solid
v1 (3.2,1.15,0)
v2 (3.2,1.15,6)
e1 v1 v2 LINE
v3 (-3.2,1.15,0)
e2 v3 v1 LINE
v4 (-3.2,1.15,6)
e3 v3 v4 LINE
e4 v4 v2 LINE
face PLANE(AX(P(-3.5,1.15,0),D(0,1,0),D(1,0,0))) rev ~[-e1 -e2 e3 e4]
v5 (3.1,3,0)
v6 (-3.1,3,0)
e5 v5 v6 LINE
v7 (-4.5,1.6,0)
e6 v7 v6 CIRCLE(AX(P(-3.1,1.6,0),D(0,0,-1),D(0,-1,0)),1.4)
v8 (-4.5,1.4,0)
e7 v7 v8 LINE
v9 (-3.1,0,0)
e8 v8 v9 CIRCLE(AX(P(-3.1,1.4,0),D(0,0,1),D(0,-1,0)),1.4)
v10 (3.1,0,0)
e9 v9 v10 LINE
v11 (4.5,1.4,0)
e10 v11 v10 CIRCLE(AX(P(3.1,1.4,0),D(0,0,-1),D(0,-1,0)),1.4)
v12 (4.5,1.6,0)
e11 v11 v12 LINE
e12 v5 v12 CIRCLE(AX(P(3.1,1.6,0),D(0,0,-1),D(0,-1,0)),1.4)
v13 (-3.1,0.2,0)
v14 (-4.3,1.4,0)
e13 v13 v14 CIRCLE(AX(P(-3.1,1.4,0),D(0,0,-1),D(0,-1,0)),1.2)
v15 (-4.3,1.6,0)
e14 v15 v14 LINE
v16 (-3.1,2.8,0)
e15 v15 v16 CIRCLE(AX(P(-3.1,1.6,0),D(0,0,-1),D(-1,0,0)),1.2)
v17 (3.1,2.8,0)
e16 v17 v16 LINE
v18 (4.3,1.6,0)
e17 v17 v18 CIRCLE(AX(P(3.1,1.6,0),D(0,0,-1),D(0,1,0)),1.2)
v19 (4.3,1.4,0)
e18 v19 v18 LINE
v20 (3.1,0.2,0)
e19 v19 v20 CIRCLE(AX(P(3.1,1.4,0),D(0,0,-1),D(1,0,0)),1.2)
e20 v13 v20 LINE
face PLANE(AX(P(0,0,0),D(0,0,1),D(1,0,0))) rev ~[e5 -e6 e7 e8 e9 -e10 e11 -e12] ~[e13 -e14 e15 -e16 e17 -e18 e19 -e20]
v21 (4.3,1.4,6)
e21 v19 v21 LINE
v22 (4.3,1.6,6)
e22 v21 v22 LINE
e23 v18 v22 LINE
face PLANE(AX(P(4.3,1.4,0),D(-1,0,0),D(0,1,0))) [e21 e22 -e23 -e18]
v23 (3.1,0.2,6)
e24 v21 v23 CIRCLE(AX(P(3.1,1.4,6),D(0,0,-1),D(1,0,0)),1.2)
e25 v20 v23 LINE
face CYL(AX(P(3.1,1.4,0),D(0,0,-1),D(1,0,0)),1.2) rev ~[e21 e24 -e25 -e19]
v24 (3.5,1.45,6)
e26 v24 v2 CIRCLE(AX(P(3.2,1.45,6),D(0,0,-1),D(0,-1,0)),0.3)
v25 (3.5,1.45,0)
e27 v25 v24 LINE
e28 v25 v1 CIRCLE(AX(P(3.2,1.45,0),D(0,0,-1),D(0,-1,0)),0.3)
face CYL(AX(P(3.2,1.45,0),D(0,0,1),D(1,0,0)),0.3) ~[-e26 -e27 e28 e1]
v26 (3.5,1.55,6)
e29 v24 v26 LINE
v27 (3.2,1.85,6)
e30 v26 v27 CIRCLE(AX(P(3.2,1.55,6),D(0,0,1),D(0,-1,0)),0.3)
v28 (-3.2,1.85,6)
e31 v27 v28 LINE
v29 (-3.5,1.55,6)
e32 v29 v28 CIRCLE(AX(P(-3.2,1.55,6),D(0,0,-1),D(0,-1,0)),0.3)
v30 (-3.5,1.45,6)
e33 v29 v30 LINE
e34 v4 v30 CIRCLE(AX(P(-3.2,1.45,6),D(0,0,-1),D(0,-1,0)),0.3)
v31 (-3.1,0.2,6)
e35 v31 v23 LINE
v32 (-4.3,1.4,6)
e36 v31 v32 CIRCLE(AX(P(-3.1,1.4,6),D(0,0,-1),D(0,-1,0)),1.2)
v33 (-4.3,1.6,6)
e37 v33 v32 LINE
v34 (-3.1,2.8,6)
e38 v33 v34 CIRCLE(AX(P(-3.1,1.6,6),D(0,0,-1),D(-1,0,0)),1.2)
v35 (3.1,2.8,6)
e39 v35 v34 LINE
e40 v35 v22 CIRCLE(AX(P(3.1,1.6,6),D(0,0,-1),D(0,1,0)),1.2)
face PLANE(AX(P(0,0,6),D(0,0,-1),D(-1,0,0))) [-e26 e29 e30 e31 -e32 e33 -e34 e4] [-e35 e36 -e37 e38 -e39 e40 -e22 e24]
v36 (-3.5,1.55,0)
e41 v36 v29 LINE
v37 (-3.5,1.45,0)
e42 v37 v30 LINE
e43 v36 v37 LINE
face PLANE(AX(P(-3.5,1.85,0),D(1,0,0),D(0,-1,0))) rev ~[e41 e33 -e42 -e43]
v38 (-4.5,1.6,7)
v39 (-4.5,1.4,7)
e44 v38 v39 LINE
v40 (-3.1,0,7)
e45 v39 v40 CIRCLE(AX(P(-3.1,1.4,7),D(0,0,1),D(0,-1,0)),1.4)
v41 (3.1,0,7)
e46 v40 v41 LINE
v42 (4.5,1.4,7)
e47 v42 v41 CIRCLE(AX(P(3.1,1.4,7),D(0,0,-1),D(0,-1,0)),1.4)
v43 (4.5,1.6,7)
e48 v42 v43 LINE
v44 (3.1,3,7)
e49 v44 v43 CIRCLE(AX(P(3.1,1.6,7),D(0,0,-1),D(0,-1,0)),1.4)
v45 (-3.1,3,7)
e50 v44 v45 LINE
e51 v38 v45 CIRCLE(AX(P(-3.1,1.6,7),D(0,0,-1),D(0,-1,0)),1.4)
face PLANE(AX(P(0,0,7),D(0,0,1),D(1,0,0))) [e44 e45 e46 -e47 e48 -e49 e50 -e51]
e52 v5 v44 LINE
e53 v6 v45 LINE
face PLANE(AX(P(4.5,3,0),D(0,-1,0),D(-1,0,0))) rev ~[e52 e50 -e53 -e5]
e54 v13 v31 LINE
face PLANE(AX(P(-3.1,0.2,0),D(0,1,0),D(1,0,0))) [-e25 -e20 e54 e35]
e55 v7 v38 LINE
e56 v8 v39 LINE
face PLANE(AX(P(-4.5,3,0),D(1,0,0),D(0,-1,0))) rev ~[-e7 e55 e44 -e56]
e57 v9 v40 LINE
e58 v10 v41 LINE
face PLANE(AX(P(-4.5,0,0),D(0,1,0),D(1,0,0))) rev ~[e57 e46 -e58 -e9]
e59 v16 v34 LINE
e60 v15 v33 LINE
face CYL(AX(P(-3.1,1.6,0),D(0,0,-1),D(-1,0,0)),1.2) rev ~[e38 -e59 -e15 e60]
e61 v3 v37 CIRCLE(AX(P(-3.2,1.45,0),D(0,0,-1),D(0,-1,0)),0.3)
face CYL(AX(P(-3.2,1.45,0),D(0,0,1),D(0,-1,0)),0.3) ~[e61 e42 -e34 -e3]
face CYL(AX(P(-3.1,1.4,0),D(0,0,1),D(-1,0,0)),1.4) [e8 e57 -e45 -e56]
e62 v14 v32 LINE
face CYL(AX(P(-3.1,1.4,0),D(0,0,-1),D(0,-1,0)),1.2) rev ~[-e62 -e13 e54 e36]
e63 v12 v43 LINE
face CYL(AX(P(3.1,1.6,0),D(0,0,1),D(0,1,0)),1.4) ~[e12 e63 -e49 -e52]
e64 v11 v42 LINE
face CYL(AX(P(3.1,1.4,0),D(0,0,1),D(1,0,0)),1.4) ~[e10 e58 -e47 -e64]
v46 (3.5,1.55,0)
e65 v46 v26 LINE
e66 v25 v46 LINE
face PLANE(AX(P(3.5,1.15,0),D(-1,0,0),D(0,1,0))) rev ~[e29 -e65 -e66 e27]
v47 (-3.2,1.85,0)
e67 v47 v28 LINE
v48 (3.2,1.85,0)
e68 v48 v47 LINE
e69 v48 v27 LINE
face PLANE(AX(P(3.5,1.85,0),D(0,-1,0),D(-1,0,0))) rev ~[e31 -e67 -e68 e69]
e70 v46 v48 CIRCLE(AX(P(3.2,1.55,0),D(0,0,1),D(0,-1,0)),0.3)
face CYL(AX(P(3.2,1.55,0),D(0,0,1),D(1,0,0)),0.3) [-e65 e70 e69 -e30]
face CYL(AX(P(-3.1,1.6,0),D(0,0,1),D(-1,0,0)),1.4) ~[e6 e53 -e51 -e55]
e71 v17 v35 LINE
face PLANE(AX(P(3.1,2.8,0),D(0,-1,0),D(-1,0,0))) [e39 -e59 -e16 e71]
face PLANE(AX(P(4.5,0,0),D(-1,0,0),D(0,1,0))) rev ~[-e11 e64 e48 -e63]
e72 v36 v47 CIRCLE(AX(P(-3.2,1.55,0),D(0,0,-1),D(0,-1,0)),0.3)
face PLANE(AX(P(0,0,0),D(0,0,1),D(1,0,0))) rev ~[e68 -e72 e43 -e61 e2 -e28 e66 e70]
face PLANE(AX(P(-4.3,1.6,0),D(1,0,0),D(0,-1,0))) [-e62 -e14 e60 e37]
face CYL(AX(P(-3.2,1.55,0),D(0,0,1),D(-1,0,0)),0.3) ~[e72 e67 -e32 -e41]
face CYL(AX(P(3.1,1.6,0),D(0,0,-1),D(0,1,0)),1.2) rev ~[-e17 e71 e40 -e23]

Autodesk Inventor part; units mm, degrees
ref_plane "YZ Plane" through (0, 0, 0) normal (1, 0, 0) x (0, 1, 0)
ref_plane "XZ Plane" through (0, 0, 0) normal (0, 1, 0) x (-1, 0, 0)
ref_plane "XY Plane" through (0, 0, 0) normal (0, 0, 1) x (1, 0, 0)
sketch "Sketch1" plane through (0, 0, 0) normal (0, 0, 1) x (1, 0, 0)
  line L0 (-4.5, 0) -> (4.5, 0)
  line L1 (4.5, 0) -> (4.5, 3)
  line L2 (4.5, 3) -> (-4.5, 3)
  line L3 (-4.5, 3) -> (-4.5, 0)
  line L4 (-4.5, 0) -> (4.5, 3) construction
  line L5 (4.5, 0) -> (-4.5, 3) construction
  point P0 (0, 0)
  point P1 (0, 0)
  dimension "d0" = 9
  dimension "d1" = 3
extrude "Extrusion1" add sketch "Sketch1" along normal blind 7
fillet "Fillet1" radius 1.4 4 edges at (4.5, 3, 3.5) (-4.5, 3, 3.5) (-4.5, 0, 3.5) (4.5, 0, 3.5)
sketch "Sketch2" plane through (0, 0, 0) normal (0, 0, -1) x (-1, 0, 0)
  arc A0 (-4.5, 1.4) -> (-3.1, 0) centre (-3.1, 1.4) ccw projected
  line L0 (3.1, 0) -> (-3.1, 0) projected
  arc A1 (3.1, 0) -> (4.5, 1.4) centre (3.1, 1.4) ccw projected
  line L1 (4.5, 1.6) -> (4.5, 1.4) projected
  arc A2 (4.5, 1.6) -> (3.1, 3) centre (3.1, 1.6) ccw projected
  line L2 (-3.1, 3) -> (3.1, 3) projected
  arc A3 (-3.1, 3) -> (-4.5, 1.6) centre (-3.1, 1.6) ccw projected
  line L3 (-4.5, 1.4) -> (-4.5, 1.6) projected
  arc A4 (4.3, 1.6) -> (3.1, 2.8) centre (3.1, 1.6) ccw
  line L4 (4.3, 1.6) -> (4.3, 1.4)
  arc A5 (3.1, 0.2) -> (4.3, 1.4) centre (3.1, 1.4) ccw
  line L5 (3.1, 0.2) -> (-3.1, 0.2)
  arc A6 (-4.3, 1.4) -> (-3.1, 0.2) centre (-3.1, 1.4) ccw
  line L6 (-4.3, 1.4) -> (-4.3, 1.6)
  arc A7 (-3.1, 2.8) -> (-4.3, 1.6) centre (-3.1, 1.6) ccw
  line L7 (-3.1, 2.8) -> (3.1, 2.8)
  line L8 (-3.5, 1.85) -> (3.5, 1.85)
  line L9 (3.5, 1.85) -> (3.5, 1.15)
  line L10 (3.5, 1.15) -> (-3.5, 1.15)
  line L11 (-3.5, 1.15) -> (-3.5, 1.85)
  line L12 (-3.5, 1.85) -> (3.5, 1.15) construction
  line L13 (3.5, 1.85) -> (-3.5, 1.15) construction
  point P0 (0, 0)
  point P1 (0, 1.5)
  point P2 (4.5, 1.5)
  point P3 (0, 0)
  dimension "d5" = 0.2
  dimension "d6" = 7
  dimension "d7" = 0.7
extrude "Extrusion2" cut sketch "Sketch2" against normal blind 6 contours L4 A5 L5 A6 L6 A7 L7 A4
fillet "Fillet2" radius 0.3 4 edges at (3.5, 1.15, 3) (3.5, 1.85, 3) (-3.5, 1.15, 3) (-3.5, 1.85, 3)
sketch "Sketch3" plane through (0, 0, 0) normal (0, 0, -1) x (-1, 0, 0)
  arc A0 (3.5, 1.55) -> (3.2, 1.85) centre (3.2, 1.55) ccw projected
  line L0 (3.2, 1.85) -> (-3.2, 1.85) projected
  arc A1 (-3.2, 1.85) -> (-3.5, 1.55) centre (-3.2, 1.55) ccw projected
  line L1 (-3.5, 1.55) -> (-3.5, 1.45) projected
  arc A2 (-3.5, 1.45) -> (-3.2, 1.15) centre (-3.2, 1.45) ccw projected
  line L2 (-3.2, 1.15) -> (3.2, 1.15) projected
  arc A3 (3.2, 1.15) -> (3.5, 1.45) centre (3.2, 1.45) ccw projected
  line L3 (3.5, 1.45) -> (3.5, 1.55) projected
  arc A4 (-4.5, 1.4) -> (-3.1, 0) centre (-3.1, 1.4) ccw projected
  line L4 (3.1, 0) -> (-3.1, 0) projected
  arc A5 (3.1, 0) -> (4.5, 1.4) centre (3.1, 1.4) ccw projected
  line L5 (4.5, 1.6) -> (4.5, 1.4) projected
  arc A6 (4.5, 1.6) -> (3.1, 3) centre (3.1, 1.6) ccw projected
  line L6 (-3.1, 3) -> (3.1, 3) projected
  arc A7 (-3.1, 3) -> (-4.5, 1.6) centre (-3.1, 1.6) ccw projected
  line L7 (-4.5, 1.4) -> (-4.5, 1.6) projected
  arc A8 (4.3, 1.6) -> (3.1, 2.8) centre (3.1, 1.6) ccw projected
  line L8 (4.3, 1.6) -> (4.3, 1.4) projected
  arc A9 (3.1, 0.2) -> (4.3, 1.4) centre (3.1, 1.4) ccw projected
  line L9 (3.1, 0.2) -> (-3.1, 0.2) projected
  arc A10 (-4.3, 1.4) -> (-3.1, 0.2) centre (-3.1, 1.4) ccw projected
  line L10 (-4.3, 1.4) -> (-4.3, 1.6) projected
  arc A11 (-3.1, 2.8) -> (-4.3, 1.6) centre (-3.1, 1.6) ccw projected
  line L11 (-3.1, 2.8) -> (3.1, 2.8) projected
  point P0 (0, 0)
properties part number "USB_C"
